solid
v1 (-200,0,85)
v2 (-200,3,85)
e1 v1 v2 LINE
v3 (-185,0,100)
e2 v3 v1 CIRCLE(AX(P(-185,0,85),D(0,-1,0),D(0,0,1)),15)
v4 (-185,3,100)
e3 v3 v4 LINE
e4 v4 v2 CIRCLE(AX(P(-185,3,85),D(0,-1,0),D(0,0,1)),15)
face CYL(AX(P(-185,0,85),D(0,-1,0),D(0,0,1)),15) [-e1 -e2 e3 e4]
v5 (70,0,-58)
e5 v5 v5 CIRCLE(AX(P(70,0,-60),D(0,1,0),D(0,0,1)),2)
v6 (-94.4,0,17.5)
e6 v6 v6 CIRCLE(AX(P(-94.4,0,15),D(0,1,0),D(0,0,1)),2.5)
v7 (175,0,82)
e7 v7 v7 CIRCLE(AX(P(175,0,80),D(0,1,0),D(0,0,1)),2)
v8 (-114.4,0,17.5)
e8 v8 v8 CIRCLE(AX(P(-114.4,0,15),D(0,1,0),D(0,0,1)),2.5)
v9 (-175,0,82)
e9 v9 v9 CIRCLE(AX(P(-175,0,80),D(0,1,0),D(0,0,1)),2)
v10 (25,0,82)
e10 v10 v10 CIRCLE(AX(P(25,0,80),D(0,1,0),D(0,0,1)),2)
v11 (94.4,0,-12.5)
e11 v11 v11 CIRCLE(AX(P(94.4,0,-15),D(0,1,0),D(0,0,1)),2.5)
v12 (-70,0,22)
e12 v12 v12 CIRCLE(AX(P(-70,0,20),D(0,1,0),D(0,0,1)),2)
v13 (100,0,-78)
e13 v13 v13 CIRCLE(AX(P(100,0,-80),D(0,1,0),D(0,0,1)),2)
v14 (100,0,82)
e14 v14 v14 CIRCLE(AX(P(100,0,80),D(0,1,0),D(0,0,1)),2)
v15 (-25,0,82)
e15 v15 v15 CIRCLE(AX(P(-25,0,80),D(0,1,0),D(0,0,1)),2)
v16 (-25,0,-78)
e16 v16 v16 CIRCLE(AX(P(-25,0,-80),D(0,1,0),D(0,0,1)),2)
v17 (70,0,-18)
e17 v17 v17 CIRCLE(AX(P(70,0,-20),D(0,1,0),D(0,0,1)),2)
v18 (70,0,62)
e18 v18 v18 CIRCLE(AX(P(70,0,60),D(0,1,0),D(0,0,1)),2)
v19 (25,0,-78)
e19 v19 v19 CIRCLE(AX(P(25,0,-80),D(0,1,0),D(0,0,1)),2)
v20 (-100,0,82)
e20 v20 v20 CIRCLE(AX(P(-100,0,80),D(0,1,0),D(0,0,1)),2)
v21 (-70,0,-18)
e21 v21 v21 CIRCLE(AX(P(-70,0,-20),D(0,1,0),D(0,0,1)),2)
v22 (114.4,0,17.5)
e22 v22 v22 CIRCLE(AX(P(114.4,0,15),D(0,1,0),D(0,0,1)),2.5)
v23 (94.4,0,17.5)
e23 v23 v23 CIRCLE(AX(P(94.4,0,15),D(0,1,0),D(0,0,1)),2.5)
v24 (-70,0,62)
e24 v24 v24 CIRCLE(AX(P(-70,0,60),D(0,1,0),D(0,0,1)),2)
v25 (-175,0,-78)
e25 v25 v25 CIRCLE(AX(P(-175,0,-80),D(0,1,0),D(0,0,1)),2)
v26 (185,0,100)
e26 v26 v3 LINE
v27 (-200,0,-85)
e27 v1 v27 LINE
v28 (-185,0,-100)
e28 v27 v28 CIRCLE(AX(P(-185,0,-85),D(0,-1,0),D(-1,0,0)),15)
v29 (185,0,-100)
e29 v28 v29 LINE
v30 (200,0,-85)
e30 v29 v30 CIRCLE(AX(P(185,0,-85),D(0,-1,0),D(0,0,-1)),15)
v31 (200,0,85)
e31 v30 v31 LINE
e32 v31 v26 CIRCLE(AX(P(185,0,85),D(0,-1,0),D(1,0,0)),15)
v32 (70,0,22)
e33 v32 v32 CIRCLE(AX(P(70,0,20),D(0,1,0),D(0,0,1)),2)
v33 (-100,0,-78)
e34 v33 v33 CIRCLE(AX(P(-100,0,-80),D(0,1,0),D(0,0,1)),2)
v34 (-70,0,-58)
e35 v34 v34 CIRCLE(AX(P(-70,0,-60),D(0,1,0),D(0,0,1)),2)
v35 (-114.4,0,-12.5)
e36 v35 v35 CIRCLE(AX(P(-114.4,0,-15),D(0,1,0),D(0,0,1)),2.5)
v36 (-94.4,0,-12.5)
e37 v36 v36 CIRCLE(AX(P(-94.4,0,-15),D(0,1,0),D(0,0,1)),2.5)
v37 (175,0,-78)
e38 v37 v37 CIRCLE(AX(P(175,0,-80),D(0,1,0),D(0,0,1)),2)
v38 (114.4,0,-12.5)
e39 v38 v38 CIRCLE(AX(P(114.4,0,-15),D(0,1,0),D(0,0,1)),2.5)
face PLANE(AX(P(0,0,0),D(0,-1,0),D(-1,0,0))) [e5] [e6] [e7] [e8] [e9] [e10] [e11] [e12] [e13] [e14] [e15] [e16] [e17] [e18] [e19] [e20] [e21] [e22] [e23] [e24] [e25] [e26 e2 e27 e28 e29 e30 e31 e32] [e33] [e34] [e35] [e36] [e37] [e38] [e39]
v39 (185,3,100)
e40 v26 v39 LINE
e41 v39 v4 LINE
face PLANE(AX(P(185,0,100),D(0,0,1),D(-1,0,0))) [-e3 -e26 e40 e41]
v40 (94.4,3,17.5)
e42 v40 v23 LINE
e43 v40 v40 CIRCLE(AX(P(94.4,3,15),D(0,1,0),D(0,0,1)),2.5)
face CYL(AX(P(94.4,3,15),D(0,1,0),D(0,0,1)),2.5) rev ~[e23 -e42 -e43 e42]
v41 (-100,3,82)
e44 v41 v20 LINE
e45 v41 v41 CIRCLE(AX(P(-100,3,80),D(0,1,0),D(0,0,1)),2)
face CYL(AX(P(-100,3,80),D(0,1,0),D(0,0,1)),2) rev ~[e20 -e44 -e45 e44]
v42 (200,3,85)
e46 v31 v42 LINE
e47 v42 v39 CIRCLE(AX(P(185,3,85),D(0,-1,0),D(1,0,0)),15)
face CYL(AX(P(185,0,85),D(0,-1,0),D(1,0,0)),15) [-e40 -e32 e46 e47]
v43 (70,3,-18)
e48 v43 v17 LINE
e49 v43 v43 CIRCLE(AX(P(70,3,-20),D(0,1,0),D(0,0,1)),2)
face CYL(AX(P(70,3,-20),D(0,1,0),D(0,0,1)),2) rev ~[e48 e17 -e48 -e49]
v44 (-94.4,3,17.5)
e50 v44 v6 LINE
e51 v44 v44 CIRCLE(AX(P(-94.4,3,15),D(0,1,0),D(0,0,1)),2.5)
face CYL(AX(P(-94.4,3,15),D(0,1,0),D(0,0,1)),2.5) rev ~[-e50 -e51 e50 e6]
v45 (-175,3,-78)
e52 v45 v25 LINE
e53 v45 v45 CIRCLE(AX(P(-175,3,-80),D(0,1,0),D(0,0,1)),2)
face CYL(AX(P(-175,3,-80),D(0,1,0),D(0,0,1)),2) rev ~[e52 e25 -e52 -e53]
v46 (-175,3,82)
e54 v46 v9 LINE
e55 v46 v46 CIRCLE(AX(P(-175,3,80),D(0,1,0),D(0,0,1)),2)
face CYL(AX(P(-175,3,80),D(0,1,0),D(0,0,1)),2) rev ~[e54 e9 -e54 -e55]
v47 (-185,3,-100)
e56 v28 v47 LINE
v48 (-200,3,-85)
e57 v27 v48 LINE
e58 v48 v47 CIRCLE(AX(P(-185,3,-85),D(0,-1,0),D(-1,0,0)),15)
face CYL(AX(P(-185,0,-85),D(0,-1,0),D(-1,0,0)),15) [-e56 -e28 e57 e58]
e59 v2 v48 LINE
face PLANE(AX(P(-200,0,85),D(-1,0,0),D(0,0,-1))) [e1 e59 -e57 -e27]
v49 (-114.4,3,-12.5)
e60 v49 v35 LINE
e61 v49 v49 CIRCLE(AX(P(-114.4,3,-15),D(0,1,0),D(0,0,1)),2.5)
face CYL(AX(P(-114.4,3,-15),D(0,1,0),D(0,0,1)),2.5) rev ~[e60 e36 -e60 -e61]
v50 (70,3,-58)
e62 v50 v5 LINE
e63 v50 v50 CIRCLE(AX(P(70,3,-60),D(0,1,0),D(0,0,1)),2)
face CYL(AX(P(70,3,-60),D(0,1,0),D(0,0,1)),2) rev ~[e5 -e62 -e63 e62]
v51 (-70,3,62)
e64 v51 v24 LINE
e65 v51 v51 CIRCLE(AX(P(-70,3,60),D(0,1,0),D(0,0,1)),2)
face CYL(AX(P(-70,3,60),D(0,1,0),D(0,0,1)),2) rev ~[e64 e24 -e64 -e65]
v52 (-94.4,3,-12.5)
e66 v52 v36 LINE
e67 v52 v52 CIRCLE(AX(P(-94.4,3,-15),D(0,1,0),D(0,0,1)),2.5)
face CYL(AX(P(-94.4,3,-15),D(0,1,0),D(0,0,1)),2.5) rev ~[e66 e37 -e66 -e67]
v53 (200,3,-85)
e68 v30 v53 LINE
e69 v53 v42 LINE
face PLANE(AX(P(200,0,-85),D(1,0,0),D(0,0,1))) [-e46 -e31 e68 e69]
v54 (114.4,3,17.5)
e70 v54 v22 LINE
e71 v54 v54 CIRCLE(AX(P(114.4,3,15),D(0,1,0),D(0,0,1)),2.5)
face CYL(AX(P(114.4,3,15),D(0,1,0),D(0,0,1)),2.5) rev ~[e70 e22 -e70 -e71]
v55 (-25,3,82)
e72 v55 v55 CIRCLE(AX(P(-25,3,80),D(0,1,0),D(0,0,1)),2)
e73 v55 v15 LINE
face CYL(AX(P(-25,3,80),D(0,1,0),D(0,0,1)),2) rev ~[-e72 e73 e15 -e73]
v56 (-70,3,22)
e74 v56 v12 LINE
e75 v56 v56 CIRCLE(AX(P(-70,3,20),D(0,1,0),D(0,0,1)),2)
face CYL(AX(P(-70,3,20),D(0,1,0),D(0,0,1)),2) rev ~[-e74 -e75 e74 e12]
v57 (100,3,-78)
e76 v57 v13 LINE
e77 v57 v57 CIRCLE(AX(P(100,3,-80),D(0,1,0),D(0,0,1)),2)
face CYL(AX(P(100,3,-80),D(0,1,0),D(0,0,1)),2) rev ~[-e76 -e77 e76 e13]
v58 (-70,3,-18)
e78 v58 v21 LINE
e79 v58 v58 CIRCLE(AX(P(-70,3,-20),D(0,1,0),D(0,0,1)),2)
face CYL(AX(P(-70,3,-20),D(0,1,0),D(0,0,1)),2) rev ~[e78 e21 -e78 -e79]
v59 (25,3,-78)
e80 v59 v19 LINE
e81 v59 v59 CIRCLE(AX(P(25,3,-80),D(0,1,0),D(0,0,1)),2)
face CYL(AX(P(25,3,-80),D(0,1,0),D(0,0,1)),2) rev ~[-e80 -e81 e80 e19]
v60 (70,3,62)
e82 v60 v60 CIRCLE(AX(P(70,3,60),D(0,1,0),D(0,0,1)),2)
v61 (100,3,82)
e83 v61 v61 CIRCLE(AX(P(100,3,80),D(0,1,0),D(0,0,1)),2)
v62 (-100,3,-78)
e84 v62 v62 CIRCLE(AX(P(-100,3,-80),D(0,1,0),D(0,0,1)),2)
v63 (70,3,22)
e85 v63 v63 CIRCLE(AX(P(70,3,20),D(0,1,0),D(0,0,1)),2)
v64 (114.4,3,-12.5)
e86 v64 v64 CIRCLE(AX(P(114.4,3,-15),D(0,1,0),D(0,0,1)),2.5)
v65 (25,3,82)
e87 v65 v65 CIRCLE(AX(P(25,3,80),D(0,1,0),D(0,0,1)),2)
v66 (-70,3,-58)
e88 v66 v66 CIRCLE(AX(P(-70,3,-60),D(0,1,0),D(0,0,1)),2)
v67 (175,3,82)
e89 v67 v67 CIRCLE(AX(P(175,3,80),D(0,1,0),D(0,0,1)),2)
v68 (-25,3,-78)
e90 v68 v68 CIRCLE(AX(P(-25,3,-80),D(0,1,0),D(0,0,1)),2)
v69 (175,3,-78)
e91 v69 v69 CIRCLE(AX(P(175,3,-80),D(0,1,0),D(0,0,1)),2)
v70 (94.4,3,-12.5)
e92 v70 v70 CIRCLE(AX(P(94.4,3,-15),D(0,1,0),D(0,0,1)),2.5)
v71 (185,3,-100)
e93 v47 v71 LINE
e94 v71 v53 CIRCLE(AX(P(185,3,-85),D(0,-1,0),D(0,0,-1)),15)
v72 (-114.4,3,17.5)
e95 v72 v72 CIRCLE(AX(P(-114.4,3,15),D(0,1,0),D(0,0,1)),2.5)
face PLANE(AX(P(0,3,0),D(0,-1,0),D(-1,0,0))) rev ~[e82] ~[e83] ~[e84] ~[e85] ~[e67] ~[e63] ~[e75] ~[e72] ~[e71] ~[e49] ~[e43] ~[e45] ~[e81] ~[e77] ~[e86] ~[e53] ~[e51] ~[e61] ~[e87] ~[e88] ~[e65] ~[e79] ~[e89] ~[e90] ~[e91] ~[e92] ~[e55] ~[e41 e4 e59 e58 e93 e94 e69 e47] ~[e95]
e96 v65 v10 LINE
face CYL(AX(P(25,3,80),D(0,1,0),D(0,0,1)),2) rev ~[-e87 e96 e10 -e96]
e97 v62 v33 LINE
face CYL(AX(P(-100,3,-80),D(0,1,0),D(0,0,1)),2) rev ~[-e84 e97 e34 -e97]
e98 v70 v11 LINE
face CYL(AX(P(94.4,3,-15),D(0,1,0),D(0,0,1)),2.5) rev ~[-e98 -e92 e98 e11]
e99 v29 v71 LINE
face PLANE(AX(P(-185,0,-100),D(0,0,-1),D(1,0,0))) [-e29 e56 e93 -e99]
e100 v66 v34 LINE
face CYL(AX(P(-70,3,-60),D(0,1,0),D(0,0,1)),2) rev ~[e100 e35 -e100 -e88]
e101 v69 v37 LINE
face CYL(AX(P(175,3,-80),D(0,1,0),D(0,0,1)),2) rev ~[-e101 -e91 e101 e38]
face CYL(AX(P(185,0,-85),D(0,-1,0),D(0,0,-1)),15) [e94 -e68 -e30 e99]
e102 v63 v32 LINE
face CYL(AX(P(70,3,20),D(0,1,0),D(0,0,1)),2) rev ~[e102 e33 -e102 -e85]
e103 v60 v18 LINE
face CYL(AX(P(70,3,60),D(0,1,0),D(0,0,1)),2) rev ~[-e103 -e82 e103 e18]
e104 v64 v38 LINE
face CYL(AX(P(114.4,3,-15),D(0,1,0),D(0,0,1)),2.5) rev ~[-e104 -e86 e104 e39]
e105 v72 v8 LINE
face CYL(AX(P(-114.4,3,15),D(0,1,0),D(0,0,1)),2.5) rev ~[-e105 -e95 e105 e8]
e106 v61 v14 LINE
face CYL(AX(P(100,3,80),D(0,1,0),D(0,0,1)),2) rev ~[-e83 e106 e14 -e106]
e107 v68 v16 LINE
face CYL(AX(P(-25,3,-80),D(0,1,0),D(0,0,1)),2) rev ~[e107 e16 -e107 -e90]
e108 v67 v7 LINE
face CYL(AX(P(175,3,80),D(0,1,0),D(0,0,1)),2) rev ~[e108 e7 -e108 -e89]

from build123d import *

# Parameters (mm, degrees)
EXTRUDE_2_DEPTH     = 3
SKETCH_3_R          = 2.5
CUT_EXTRUDE_1_DEPTH = 3
SKETCH_4_R          = 2
CUT_EXTRUDE_2_DEPTH = 224.626921456
SKETCH_5_R          = 2
CUT_EXTRUDE_3_DEPTH = 224.626921456
SKETCH_6_R          = 2
CUT_EXTRUDE_4_DEPTH = 224.626921456
SKETCH_8_R          = 2
CUT_EXTRUDE_6_DEPTH = 224.626921456


with BuildPart() as part:
    # 草图2 → 凸台-拉伸2 (new body)
    with BuildSketch(Plane(origin=(0, 0, 0), x_dir=(1, 0, 0), z_dir=(0, 1, 0))):
        with BuildLine():
            Line((-185, 100), (185, 100))
            ThreePointArc((185, 100), (195.606601718, 95.606601718), (200, 85))
            Line((200, 85), (200, -85))
            ThreePointArc((200, -85), (195.606601718, -95.606601718), (185, -100))
            Line((185, -100), (-185, -100))
            ThreePointArc((-185, -100), (-195.606601718, -95.606601718), (-200, -85))
            Line((-200, -85), (-200, 85))
            ThreePointArc((-200, 85), (-195.606601718, 95.606601718), (-185, 100))
        make_face()
    extrude(amount=EXTRUDE_2_DEPTH)

    # 草图3 → 切除-拉伸1 (cut)
    with BuildSketch(Plane(origin=(0, 3, 0), x_dir=(1, 0, 0), z_dir=(0, 1, 0))):
        with Locations(Location((-114.4, 15, 0), (0, 0, 270))):
            Circle(SKETCH_3_R)
        with Locations(Location((-94.4, 15, 0), (0, 0, 270))):
            Circle(SKETCH_3_R)
        with Locations(Location((-114.4, -15, 0), (0, 0, 270))):
            Circle(SKETCH_3_R)
        with Locations(Location((-94.4, -15, 0), (0, 0, 270))):
            Circle(SKETCH_3_R)
        with Locations(Location((94.4, 15, 0), (0, 0, 270))):
            Circle(SKETCH_3_R)
        with Locations(Location((114.4, 15, 0), (0, 0, 270))):
            Circle(SKETCH_3_R)
        with Locations(Location((114.4, -15, 0), (0, 0, 270))):
            Circle(SKETCH_3_R)
        with Locations(Location((94.4, -15, 0), (0, 0, 270))):
            Circle(SKETCH_3_R)
    extrude(amount=-CUT_EXTRUDE_1_DEPTH, mode=Mode.SUBTRACT)

    # 草图4 → 切除-拉伸2 (cut, through all)
    with BuildSketch(Plane(origin=(0, 3, 0), x_dir=(1, 0, 0), z_dir=(0, 1, 0))):
        with Locations(Location((-175, 80, 0), (0, 0, 270))):
            Circle(SKETCH_4_R)
        with Locations(Location((-100, 80, 0), (0, 0, 270))):
            Circle(SKETCH_4_R)
        with Locations(Location((-25, 80, 0), (0, 0, 270))):
            Circle(SKETCH_4_R)
        with Locations(Location((175, 80, 0), (0, 0, 270))):
            Circle(SKETCH_4_R)
        with Locations(Location((100, 80, 0), (0, 0, 270))):
            Circle(SKETCH_4_R)
        with Locations(Location((25, 80, 0), (0, 0, 270))):
            Circle(SKETCH_4_R)
    extrude(amount=-CUT_EXTRUDE_2_DEPTH, mode=Mode.SUBTRACT)

    # 草图5 → 切除-拉伸3 (cut, through all)
    with BuildSketch(Plane(origin=(0, 3, 0), x_dir=(1, 0, 0), z_dir=(0, 1, 0))):
        with Locations(Location((-175, -80, 0), (0, 0, 270))):
            Circle(SKETCH_5_R)
        with Locations(Location((-100, -80, 0), (0, 0, 270))):
            Circle(SKETCH_5_R)
        with Locations(Location((-25, -80, 0), (0, 0, 270))):
            Circle(SKETCH_5_R)
        with Locations(Location((25, -80, 0), (0, 0, 270))):
            Circle(SKETCH_5_R)
        with Locations(Location((100, -80, 0), (0, 0, 270))):
            Circle(SKETCH_5_R)
        with Locations(Location((175, -80, 0), (0, 0, 270))):
            Circle(SKETCH_5_R)
    extrude(amount=-CUT_EXTRUDE_3_DEPTH, mode=Mode.SUBTRACT)

    # 草图6 → 切除-拉伸4 (cut, through all)
    with BuildSketch(Plane(origin=(0, 3, 0), x_dir=(1, 0, 0), z_dir=(0, 1, 0))):
        with Locations(Location((-70, 60, 0), (0, 0, 270))):
            Circle(SKETCH_6_R)
        with Locations(Location((-70, 20, 0), (0, 0, 270))):
            Circle(SKETCH_6_R)
        with Locations(Location((-70, -20, 0), (0, 0, 270))):
            Circle(SKETCH_6_R)
        with Locations(Location((-70, -60, 0), (0, 0, 270))):
            Circle(SKETCH_6_R)
    extrude(amount=-CUT_EXTRUDE_4_DEPTH, mode=Mode.SUBTRACT)

    # 草图8 → 切除-拉伸6 (cut, through all)
    with BuildSketch(Plane(origin=(0, 3, 0), x_dir=(1, 0, 0), z_dir=(0, 1, 0))):
        with Locations(Location((70, 60, 0), (0, 0, 270))):
            Circle(SKETCH_8_R)
        with Locations(Location((70, 20, 0), (0, 0, 270))):
            Circle(SKETCH_8_R)
        with Locations(Location((70, -20, 0), (0, 0, 270))):
            Circle(SKETCH_8_R)
        with Locations(Location((70, -60, 0), (0, 0, 270))):
            Circle(SKETCH_8_R)
    extrude(amount=-CUT_EXTRUDE_6_DEPTH, mode=Mode.SUBTRACT)


solid = part.part
